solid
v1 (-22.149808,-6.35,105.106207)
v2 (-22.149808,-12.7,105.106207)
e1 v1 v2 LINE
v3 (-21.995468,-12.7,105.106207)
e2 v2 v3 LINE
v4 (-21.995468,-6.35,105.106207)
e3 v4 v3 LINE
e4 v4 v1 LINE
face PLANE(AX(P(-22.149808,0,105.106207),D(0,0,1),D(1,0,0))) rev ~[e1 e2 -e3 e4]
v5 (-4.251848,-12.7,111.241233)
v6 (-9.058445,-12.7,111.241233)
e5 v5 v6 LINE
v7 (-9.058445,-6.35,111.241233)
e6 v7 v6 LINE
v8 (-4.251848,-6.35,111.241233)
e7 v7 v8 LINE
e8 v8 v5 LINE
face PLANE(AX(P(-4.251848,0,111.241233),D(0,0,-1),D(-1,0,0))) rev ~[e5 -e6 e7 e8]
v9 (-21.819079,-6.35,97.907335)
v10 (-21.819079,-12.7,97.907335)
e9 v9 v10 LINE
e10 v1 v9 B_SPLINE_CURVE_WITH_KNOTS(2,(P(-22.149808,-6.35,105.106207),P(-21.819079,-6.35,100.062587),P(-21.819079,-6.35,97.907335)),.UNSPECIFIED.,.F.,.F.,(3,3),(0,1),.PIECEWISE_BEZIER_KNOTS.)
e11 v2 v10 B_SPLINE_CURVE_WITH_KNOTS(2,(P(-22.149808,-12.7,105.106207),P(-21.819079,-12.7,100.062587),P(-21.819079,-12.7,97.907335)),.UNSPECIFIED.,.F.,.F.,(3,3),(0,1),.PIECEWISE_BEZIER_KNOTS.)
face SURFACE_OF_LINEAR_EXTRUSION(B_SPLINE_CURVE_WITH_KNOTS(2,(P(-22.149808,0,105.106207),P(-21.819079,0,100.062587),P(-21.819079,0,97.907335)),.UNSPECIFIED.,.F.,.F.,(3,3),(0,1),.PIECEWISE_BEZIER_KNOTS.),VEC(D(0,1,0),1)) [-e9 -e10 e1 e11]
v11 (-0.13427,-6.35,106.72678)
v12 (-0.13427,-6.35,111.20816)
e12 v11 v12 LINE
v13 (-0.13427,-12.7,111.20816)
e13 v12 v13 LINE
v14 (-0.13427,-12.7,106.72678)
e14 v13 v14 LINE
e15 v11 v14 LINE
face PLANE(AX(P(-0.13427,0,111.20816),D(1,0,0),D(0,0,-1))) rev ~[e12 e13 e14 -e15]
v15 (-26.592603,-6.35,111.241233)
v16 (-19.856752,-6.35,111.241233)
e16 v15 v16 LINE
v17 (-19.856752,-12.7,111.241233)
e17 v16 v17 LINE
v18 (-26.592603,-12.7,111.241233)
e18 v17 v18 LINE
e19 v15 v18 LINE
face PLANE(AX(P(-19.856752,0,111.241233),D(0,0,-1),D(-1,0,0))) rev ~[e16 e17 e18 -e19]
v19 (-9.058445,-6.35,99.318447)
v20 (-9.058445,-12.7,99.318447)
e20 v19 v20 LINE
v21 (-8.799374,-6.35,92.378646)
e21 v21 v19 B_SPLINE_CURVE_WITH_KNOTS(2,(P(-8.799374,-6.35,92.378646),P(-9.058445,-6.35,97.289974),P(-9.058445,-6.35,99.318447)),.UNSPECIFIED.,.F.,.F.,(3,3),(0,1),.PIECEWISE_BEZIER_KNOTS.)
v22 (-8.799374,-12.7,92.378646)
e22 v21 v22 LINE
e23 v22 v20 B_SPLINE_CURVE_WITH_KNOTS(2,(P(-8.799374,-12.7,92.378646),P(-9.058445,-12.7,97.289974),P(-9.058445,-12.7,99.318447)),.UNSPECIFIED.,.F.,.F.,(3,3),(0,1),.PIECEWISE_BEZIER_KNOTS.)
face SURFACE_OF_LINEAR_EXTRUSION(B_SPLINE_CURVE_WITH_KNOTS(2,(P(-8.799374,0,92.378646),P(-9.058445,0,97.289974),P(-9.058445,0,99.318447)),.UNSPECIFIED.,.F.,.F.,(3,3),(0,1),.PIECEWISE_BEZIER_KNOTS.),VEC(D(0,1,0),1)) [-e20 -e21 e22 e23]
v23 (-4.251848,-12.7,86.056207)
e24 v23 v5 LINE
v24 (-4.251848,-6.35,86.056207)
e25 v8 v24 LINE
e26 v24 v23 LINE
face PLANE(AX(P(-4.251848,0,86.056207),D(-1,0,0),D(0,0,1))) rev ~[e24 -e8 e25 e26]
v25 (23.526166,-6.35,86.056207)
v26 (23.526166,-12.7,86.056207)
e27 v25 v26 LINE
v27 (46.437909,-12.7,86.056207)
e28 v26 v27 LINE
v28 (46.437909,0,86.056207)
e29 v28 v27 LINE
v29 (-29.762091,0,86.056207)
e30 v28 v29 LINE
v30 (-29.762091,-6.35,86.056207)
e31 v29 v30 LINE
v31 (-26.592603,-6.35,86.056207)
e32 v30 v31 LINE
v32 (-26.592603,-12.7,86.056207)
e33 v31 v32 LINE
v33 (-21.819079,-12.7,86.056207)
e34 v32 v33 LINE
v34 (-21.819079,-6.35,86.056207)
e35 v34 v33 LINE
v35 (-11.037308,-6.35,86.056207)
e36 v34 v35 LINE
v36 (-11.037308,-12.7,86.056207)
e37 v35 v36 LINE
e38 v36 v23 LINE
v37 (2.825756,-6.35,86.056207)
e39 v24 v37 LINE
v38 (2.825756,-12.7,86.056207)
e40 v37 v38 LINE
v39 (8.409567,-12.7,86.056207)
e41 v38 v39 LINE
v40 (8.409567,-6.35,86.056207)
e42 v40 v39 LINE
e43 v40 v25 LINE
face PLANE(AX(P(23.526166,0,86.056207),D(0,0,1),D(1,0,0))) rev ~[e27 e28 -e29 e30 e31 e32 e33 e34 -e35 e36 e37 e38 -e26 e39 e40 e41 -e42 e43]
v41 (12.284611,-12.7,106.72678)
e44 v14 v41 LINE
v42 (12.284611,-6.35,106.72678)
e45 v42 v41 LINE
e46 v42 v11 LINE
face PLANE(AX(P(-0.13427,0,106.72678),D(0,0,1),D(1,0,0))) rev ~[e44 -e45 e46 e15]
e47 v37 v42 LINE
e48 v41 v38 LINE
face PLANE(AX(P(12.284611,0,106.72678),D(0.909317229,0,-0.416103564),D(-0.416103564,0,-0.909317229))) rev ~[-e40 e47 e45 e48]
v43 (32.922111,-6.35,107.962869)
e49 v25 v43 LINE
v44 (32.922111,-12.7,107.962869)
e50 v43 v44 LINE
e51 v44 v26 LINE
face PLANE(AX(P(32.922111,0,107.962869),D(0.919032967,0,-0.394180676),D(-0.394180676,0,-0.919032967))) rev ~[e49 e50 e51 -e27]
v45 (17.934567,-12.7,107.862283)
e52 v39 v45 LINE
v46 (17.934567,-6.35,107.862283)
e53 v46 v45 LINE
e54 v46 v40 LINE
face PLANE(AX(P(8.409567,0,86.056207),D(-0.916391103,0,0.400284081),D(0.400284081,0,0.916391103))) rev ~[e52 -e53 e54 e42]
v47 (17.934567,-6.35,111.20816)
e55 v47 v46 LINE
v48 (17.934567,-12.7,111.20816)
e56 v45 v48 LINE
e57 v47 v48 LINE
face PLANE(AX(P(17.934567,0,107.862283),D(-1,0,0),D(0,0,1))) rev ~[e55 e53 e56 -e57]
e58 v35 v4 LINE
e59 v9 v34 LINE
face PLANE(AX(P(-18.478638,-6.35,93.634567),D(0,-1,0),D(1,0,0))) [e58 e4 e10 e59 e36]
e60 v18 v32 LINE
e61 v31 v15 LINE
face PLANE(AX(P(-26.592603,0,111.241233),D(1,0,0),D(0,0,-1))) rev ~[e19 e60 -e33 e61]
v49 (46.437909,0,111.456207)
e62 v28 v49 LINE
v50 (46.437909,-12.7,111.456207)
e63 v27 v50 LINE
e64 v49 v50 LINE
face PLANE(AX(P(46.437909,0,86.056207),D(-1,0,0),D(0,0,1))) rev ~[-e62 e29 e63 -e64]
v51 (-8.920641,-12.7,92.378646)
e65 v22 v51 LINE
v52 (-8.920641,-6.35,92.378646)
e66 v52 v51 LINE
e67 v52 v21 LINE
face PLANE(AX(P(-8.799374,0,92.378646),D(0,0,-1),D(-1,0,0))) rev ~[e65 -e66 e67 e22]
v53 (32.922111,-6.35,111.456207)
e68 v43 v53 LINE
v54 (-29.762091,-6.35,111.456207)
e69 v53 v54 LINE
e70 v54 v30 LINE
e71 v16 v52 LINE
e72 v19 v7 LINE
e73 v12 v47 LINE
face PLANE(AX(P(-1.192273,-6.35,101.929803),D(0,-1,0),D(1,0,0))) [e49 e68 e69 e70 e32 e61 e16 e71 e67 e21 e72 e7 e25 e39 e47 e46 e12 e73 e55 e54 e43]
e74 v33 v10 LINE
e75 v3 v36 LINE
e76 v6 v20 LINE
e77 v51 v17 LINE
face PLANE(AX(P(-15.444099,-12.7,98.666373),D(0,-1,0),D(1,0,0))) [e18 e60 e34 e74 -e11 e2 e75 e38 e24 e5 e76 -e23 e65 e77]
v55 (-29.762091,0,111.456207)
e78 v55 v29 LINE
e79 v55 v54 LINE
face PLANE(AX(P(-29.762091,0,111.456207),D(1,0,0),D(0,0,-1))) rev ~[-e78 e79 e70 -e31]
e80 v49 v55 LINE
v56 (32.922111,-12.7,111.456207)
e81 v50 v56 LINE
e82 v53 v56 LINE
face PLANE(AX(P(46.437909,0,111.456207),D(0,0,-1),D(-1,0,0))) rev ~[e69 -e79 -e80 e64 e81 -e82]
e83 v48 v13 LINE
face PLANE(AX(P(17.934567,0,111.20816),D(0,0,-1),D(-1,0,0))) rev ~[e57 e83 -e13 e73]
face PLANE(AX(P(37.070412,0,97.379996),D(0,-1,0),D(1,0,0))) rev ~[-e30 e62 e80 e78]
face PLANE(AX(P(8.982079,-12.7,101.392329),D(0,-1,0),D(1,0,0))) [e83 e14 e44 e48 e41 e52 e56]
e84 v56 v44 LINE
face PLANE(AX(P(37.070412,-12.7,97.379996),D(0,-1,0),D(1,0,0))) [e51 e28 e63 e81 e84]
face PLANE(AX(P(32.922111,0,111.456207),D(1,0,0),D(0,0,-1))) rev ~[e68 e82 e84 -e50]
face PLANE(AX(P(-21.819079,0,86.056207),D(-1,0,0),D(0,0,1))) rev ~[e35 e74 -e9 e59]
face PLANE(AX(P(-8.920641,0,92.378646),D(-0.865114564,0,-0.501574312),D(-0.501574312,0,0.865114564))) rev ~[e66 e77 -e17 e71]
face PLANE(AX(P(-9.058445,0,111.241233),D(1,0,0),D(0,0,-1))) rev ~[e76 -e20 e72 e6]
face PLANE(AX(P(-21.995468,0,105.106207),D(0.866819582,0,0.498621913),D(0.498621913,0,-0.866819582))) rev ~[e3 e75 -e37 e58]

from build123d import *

# Parameters (mm, degrees)
F1_DEPTH = 6.35
F2_DEPTH = 12.7
F3_DEPTH = 12.7
F4_DEPTH = 12.7


with BuildPart() as f1:
    # F0 (on Front) → F1 (new body)
    with BuildSketch(Plane.XZ):
        with BuildLine():
            Line((-21.8190787262, 97.9073354615), (-21.8190787262, 86.0562069893))
            Line((-21.8190787262, 86.0562069893), (-11.0373078929, 86.0562069893))
            Line((-11.0373078929, 86.0562069893), (-21.9954676151, 105.1062069893))
            Line((-21.9954676151, 105.1062069893), (-22.1498078929, 105.1062069893))
            add(Edge.make_bspline(
                [(-22.1498078929, 105.1062069893), (-21.8190787262, 100.0625871976), (-21.8190787262, 97.9073354615)],
                knots=[0, 0, 0, 1, 1, 1], degree=2))
        make_face()
    extrude(amount=F1_DEPTH)



with BuildPart() as f1b:
    # F0 (on Front) → F1, piece 2 (new body)
    with BuildSketch(Plane.XZ):
        with BuildLine():
            Line((20.2221105099, 111.4562069893), (-29.762090879, 111.4562069893))
            Line((-29.762090879, 111.4562069893), (-29.762090879, 86.0562069893))
            Line((-29.762090879, 86.0562069893), (-26.5926030318, 86.0562069893))
            Line((-26.5926030318, 86.0562069893), (-26.5926030318, 111.241233031))
            Line((-26.5926030318, 111.241233031), (-19.8567523373, 111.241233031))
            Line((-19.8567523373, 111.241233031), (-8.9206412262, 92.3786462254))
            Line((-8.9206412262, 92.3786462254), (-8.7993738651, 92.3786462254))
            add(Edge.make_bspline(
                [(-8.7993738651, 92.3786462254), (-9.0584450457, 97.2899743504), (-9.0584450457, 99.3184465726)],
                knots=[0, 0, 0, 1, 1, 1], degree=2))
            Line((-9.0584450457, 99.3184465726), (-9.0584450457, 111.241233031))
            Line((-9.0584450457, 111.241233031), (-4.2518478234, 111.241233031))
            Line((-4.2518478234, 111.241233031), (-4.2518478234, 86.0562069893))
            Line((-4.2518478234, 86.0562069893), (2.8257563432, 86.0562069893))
            Line((2.8257563432, 86.0562069893), (12.2846105099, 106.726779906))
            Line((12.2846105099, 106.726779906), (-0.1342696984, 106.726779906))
            Line((-0.1342696984, 106.726779906), (-0.1342696984, 111.2081601143))
            Line((-0.1342696984, 111.2081601143), (17.9345671071, 111.2081601143))
            Line((17.9345671071, 111.2081601143), (17.9345671071, 107.8622833782))
            Line((17.9345671071, 107.8622833782), (8.4095671071, 86.0562069893))
            Line((8.4095671071, 86.0562069893), (20.2221105099, 86.0562069893))
            Line((20.2221105099, 86.0562069893), (23.5261658816, 86.0562069893))
            Line((23.5261658816, 86.0562069893), (32.9221105099, 107.9628691077))
            Line((32.9221105099, 107.9628691077), (32.9221105099, 111.4562069893))
            Line((32.9221105099, 111.4562069893), (20.2221105099, 111.4562069893))
        make_face()
    extrude(amount=F1_DEPTH)

    # F0 (on Front) → F2 (join)
    with BuildSketch(Plane.XZ):
        Polygon((2.8257563432, 86.0562069893), (8.4095671071, 86.0562069893), (17.9345671071, 107.8622833782), (17.9345671071, 111.2081601143), (-0.1342696984, 111.2081601143), (-0.1342696984, 106.726779906), (12.2846105099, 106.726779906), align=None)
    extrude(amount=F2_DEPTH)


with BuildPart() as f1_1:
    add(f1.part)

    add(f1b.part)  # F3 merges F1b
    # F0 (on Front) → F3 (join)
    with BuildSketch(Plane.XZ):
        with BuildLine():
            Line((-26.5926030318, 111.241233031), (-26.5926030318, 86.0562069893))
            Line((-26.5926030318, 86.0562069893), (-21.8190787262, 86.0562069893))
            Line((-21.8190787262, 86.0562069893), (-21.8190787262, 97.9073354615))
            add(Edge.make_bspline(
                [(-22.1498078929, 105.1062069893), (-21.8190787262, 100.0625871976), (-21.8190787262, 97.9073354615)],
                knots=[0, 0, 0, 1, 1, 1], degree=2))
            Line((-22.1498078929, 105.1062069893), (-21.9954676151, 105.1062069893))
            Line((-21.9954676151, 105.1062069893), (-11.0373078929, 86.0562069893))
            Line((-11.0373078929, 86.0562069893), (-4.2518478234, 86.0562069893))
            Line((-4.2518478234, 86.0562069893), (-4.2518478234, 111.241233031))
            Line((-4.2518478234, 111.241233031), (-9.0584450457, 111.241233031))
            Line((-9.0584450457, 111.241233031), (-9.0584450457, 99.3184465726))
            add(Edge.make_bspline(
                [(-8.7993738651, 92.3786462254), (-9.0584450457, 97.2899743504), (-9.0584450457, 99.3184465726)],
                knots=[0, 0, 0, 1, 1, 1], degree=2))
            Line((-8.7993738651, 92.3786462254), (-8.9206412262, 92.3786462254))
            Line((-8.9206412262, 92.3786462254), (-19.8567523373, 111.241233031))
            Line((-19.8567523373, 111.241233031), (-26.5926030318, 111.241233031))
        make_face()
    extrude(amount=F3_DEPTH)

    # F0 (on Front) → F4 (join)
    with BuildSketch(Plane.XZ):
        Polygon((46.437909121, 111.4562069893), (32.9221105099, 111.4562069893), (32.9221105099, 107.9628691077), (23.5261658816, 86.0562069893), (46.437909121, 86.0562069893), align=None)
    extrude(amount=F4_DEPTH)


solid = f1_1.part
